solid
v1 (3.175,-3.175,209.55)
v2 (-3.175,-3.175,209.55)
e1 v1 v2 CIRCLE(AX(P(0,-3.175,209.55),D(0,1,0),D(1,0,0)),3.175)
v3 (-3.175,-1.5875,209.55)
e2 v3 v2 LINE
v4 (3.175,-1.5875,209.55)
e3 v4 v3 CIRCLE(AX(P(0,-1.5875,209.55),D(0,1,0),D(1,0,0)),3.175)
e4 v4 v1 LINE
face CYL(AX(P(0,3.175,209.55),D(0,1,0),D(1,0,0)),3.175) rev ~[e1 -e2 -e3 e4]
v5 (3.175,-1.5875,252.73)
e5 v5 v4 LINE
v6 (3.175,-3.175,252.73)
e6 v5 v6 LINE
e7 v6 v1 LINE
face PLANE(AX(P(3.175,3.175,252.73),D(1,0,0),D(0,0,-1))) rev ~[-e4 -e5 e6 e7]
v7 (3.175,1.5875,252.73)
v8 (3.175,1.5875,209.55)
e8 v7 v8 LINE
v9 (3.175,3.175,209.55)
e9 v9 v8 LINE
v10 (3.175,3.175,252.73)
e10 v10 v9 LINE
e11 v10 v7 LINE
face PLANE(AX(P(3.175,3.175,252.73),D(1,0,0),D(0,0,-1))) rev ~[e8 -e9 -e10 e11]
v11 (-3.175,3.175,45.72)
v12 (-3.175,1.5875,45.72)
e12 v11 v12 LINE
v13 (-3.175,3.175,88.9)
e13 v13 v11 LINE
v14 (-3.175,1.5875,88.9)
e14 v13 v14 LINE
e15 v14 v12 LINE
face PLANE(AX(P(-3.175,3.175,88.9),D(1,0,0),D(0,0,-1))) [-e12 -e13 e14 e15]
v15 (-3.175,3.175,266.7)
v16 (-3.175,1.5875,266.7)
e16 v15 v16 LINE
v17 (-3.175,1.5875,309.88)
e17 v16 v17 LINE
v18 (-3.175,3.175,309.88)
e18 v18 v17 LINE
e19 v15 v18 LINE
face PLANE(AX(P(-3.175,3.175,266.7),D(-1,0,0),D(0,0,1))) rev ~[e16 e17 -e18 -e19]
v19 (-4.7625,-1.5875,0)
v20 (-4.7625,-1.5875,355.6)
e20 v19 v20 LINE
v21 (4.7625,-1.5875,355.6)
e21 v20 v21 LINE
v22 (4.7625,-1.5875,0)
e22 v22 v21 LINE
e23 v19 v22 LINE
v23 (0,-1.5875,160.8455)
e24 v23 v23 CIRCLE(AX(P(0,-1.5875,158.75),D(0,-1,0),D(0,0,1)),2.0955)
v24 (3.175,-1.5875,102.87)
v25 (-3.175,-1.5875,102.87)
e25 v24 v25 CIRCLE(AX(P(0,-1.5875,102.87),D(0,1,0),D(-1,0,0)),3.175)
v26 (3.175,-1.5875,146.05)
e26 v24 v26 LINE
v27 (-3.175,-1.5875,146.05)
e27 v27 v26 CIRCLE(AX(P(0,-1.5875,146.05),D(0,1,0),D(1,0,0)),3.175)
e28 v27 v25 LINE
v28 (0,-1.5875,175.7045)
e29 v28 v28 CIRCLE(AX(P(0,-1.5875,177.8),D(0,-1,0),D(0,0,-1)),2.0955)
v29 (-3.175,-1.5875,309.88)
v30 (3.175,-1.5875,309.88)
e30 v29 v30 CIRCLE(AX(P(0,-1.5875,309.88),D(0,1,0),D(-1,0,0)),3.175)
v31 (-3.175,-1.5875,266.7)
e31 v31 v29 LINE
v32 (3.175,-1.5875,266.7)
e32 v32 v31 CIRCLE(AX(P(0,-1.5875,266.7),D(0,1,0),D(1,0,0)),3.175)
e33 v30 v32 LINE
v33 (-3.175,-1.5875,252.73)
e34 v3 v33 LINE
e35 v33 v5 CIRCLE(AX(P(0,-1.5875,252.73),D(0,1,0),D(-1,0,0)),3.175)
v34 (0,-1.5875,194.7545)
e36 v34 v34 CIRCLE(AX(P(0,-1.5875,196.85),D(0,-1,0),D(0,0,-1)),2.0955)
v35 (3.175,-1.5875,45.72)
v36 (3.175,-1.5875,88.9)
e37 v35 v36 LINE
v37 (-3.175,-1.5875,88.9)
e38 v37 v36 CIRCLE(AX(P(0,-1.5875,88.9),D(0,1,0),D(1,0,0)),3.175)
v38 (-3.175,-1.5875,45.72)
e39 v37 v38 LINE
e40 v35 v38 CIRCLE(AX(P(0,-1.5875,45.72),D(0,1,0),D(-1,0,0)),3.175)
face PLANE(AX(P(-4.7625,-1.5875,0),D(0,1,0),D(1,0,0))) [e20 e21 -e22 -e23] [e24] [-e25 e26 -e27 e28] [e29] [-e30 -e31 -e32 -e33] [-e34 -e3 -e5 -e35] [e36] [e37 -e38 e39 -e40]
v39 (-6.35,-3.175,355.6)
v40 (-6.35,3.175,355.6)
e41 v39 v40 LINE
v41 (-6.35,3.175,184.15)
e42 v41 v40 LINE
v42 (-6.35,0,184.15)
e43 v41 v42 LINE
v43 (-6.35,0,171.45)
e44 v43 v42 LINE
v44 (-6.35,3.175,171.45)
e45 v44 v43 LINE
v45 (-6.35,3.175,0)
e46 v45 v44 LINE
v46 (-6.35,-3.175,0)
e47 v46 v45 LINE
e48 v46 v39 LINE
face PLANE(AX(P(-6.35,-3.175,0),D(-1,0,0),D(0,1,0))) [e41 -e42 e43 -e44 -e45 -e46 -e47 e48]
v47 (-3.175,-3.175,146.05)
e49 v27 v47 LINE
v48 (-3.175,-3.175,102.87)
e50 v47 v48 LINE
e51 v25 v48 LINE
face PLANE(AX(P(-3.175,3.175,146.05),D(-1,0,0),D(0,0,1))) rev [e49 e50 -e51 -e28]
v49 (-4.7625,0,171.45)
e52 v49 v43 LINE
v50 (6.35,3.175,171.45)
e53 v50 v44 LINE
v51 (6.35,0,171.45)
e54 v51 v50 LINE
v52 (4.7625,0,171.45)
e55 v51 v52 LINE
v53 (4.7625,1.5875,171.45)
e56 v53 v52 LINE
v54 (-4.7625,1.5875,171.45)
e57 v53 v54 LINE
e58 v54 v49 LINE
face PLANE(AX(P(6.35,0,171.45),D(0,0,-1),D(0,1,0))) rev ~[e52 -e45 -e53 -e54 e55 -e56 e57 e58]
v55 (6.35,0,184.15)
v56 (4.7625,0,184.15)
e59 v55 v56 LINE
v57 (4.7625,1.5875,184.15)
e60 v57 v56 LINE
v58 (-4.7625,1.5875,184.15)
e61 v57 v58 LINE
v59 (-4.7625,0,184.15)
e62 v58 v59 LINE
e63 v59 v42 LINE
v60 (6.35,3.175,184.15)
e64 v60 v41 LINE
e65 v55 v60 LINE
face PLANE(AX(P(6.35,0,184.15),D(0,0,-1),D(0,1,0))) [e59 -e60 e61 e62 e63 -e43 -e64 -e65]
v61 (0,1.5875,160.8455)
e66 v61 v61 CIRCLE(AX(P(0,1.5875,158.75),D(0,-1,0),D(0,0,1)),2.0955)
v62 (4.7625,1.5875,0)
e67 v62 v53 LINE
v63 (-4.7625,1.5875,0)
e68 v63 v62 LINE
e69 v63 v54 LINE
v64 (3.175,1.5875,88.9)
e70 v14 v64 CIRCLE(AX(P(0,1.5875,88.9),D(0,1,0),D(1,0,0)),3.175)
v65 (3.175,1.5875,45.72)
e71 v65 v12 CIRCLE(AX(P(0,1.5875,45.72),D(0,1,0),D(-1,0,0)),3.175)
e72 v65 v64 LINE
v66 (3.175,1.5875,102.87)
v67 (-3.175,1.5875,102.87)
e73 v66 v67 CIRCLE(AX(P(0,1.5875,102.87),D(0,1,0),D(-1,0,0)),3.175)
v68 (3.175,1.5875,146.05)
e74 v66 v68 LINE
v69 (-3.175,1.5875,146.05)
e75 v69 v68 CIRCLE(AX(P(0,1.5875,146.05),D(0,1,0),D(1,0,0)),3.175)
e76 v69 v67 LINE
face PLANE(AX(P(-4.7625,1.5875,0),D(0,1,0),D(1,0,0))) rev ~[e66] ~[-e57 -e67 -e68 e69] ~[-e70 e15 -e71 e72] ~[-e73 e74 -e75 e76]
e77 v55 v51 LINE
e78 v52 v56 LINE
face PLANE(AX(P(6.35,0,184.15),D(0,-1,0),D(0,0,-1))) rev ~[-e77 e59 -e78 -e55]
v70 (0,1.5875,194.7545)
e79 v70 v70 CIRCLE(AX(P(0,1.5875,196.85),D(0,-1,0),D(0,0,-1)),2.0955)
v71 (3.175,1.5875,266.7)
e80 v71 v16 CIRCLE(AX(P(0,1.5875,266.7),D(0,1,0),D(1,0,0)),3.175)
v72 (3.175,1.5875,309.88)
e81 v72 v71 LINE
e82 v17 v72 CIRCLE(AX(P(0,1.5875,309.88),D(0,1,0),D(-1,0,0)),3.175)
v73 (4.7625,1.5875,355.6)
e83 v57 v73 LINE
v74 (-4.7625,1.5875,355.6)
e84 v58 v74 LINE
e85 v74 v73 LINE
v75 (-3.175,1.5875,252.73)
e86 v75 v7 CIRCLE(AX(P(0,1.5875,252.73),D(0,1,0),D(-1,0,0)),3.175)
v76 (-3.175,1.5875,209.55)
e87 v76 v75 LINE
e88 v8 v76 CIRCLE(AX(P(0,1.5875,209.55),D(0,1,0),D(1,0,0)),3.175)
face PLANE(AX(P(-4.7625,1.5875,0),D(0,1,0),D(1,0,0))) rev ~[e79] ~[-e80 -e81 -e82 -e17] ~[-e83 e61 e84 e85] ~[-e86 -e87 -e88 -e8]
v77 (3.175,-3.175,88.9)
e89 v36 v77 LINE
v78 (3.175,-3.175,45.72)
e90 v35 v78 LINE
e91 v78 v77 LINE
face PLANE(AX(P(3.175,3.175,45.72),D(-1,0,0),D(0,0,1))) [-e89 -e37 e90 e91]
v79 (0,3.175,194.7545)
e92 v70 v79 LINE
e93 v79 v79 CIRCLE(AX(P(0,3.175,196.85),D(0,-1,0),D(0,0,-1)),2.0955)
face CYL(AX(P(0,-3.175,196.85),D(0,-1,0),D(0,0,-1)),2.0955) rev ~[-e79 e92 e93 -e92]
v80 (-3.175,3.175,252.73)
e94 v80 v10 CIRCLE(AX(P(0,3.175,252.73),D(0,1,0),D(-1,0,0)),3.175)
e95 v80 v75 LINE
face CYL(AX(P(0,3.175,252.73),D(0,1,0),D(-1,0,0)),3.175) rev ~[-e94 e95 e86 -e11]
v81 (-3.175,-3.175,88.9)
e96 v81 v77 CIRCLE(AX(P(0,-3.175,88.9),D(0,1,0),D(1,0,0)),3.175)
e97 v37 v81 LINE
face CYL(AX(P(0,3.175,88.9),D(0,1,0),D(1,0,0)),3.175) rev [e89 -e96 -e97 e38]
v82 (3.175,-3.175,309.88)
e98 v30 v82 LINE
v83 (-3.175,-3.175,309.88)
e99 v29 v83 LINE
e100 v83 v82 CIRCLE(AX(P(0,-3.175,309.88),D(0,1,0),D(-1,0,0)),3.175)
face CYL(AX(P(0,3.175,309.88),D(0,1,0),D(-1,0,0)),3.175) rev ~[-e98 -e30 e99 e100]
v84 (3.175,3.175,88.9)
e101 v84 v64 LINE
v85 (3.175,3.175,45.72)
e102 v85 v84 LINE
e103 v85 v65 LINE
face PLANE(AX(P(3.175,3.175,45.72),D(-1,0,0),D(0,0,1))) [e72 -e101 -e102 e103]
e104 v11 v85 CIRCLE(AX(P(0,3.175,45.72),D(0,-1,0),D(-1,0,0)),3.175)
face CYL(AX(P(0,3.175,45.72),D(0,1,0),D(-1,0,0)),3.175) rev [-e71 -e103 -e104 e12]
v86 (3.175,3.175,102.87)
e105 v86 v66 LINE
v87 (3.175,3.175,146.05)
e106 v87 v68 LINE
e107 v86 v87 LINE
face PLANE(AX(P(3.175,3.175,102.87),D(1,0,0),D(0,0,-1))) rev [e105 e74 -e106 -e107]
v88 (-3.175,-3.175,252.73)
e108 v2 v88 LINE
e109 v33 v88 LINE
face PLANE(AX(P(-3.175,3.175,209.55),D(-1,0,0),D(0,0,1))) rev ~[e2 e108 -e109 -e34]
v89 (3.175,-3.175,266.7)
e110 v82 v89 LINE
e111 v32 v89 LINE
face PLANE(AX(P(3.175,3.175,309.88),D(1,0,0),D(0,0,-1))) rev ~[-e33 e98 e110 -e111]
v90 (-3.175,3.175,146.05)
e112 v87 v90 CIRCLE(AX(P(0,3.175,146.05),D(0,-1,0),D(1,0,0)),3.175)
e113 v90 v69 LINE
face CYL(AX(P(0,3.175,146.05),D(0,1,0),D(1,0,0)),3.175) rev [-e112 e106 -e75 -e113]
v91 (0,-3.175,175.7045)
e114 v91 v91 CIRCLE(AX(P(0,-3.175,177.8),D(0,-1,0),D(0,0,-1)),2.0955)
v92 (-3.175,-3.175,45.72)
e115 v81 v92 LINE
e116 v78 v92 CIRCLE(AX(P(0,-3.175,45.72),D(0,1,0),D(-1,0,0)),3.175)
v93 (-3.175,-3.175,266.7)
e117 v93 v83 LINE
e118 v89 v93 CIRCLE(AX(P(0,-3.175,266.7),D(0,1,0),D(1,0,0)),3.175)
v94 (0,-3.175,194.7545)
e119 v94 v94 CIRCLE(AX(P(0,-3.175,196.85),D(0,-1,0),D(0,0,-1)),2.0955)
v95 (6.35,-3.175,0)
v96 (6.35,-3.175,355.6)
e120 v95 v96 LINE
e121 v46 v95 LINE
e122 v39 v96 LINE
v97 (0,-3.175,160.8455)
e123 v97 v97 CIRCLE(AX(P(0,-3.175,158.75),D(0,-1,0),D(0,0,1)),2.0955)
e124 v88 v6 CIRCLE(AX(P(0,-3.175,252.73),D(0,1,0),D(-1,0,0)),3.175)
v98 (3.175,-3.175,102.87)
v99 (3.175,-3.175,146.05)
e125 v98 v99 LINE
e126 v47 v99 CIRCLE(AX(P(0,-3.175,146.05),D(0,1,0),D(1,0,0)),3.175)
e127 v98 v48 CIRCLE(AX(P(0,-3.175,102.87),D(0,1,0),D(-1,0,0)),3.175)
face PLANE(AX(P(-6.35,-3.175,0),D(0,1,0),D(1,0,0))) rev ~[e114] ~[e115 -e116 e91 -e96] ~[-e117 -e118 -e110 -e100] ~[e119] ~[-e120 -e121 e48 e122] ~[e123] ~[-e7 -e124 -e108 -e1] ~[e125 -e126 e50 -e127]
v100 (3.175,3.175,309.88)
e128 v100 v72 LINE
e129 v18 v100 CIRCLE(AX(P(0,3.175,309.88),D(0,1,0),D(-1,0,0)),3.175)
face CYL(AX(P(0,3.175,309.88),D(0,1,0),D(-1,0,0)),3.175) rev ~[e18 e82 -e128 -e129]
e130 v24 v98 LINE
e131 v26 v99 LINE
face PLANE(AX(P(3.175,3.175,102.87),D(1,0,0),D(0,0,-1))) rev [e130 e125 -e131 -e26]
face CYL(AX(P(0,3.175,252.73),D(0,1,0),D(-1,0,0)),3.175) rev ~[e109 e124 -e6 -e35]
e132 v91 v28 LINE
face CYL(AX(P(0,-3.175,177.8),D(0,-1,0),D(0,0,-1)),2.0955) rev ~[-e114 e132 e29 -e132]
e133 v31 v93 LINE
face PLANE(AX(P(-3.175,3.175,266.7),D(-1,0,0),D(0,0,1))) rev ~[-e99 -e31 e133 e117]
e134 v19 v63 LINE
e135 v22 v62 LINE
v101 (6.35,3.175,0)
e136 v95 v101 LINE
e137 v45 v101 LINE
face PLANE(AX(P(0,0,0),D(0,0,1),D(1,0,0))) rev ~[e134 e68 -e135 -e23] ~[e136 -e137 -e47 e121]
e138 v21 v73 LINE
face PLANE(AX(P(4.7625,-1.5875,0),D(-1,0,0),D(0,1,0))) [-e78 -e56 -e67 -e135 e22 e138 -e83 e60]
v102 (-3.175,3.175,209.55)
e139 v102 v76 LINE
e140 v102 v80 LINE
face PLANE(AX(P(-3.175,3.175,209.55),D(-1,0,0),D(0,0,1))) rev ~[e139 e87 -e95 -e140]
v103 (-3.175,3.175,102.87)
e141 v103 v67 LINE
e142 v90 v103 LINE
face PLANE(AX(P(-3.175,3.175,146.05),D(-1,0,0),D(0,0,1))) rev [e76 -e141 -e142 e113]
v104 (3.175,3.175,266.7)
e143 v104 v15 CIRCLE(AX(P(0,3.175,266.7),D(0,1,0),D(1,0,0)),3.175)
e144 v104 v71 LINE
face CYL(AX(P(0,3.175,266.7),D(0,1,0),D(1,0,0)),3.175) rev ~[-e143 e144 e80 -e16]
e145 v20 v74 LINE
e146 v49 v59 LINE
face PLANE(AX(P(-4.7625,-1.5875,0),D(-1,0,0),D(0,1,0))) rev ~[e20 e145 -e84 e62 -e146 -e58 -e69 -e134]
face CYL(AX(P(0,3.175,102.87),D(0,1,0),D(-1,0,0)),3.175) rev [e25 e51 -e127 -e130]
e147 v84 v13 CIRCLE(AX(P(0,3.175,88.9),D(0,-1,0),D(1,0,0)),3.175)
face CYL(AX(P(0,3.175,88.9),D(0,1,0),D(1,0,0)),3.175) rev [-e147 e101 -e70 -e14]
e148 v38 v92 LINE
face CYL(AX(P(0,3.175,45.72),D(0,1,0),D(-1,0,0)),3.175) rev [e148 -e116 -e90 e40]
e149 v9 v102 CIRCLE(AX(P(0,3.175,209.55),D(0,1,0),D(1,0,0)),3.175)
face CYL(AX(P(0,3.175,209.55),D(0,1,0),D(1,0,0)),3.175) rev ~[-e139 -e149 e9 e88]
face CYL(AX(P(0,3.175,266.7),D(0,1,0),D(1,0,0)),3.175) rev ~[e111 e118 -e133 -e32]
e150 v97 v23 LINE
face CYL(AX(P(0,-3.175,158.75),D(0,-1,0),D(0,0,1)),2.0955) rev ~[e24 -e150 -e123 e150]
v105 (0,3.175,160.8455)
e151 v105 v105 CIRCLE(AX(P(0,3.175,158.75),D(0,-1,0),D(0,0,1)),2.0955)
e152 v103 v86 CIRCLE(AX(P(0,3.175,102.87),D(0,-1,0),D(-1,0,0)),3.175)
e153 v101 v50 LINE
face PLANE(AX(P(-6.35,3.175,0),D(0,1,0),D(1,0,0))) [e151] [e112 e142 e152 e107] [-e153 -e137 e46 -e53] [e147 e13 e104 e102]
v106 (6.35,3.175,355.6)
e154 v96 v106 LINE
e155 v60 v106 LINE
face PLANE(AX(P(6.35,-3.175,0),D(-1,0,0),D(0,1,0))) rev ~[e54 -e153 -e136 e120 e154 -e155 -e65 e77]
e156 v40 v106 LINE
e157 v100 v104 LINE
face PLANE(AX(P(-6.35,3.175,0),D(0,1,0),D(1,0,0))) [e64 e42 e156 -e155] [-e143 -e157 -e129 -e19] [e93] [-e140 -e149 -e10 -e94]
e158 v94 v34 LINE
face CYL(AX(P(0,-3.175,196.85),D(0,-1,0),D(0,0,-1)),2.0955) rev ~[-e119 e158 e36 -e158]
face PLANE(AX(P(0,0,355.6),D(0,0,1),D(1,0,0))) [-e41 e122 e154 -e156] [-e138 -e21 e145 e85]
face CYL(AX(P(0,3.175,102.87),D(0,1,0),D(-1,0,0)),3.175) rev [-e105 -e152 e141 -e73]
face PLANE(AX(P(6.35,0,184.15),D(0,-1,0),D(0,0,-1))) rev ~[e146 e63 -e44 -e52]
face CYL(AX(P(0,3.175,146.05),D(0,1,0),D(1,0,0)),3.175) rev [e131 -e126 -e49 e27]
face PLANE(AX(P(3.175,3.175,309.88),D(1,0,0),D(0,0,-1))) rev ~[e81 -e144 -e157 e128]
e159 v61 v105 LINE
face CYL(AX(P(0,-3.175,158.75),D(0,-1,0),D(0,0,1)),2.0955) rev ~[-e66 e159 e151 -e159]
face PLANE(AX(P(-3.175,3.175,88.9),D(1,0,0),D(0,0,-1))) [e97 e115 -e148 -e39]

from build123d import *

# Parameters (mm, degrees)
SKETCH1_W            = 12.7
SKETCH1_H            = 6.35
SKETCH1_W_2          = 9.525
SKETCH1_H_2          = 3.175
BOSS_EXTRUDE1_DEPTH  = 355.6
CUT_EXTRUDE1_DEPTH   = 25.4
LPATTERN1_COUNT      = 2
LPATTERN1_PITCH      = 57.15
MIRROR1_COPY_1_DEPTH = 25.4
SKETCH3_W            = 12.7
SKETCH3_H            = 3.175
CUT_EXTRUDE2_DEPTH   = 25.4
SKETCH4_R            = 2.0955
CUT_EXTRUDE3_DEPTH   = 25.4


with BuildPart() as part:
    # Sketch1 → Boss-Extrude1 (new body)
    with BuildSketch(Plane.XY):
        Rectangle(SKETCH1_W, SKETCH1_H)
        Rectangle(SKETCH1_W_2, SKETCH1_H_2, mode=Mode.SUBTRACT)
    extrude(amount=BOSS_EXTRUDE1_DEPTH)

    # Sketch2 → Cut-Extrude1 (cut)
    with BuildSketch(Plane(origin=(0, 3.175, 0), x_dir=(1, 0, 0), z_dir=(0, 1, 0))):
        with BuildLine():
            Line((-3.175, -209.55), (-3.175, -252.73))
            ThreePointArc((-3.175, -252.73), (0, -255.905), (3.175, -252.73))
            Line((3.175, -252.73), (3.175, -209.55))
            ThreePointArc((3.175, -209.55), (0, -206.375), (-3.175, -209.55))
        make_face()
    cut_extrude1 = extrude(amount=-CUT_EXTRUDE1_DEPTH, mode=Mode.SUBTRACT)

    # LPattern1: Cut-Extrude1 ×2
    with Locations(*[(0, 0, i * LPATTERN1_PITCH) for i in range(1, LPATTERN1_COUNT)]):
        add(cut_extrude1, mode=Mode.SUBTRACT)

    # Mirror1: Cut-Extrude1 across plane
    add(cut_extrude1.mirror(Plane.XY.offset(177.8)), mode=Mode.SUBTRACT)

    # Mirror1 copy 1 sketch → Mirror1 copy 1 (cut)
    with BuildSketch(Plane(origin=(0, 3.175, 298.45), x_dir=(1, 0, 0), z_dir=(0, 1, 0))):
        with BuildLine():
            Line((-3.175, 209.55), (-3.175, 252.73))
            ThreePointArc((-3.175, 252.73), (0, 255.905), (3.175, 252.73))
            Line((3.175, 252.73), (3.175, 209.55))
            ThreePointArc((3.175, 209.55), (0, 206.375), (-3.175, 209.55))
        make_face()
    extrude(amount=-MIRROR1_COPY_1_DEPTH, mode=Mode.SUBTRACT)

    # Sketch3 → Cut-Extrude2 (cut)
    with BuildSketch(Plane(origin=(6.35, 0, 0), x_dir=(0, 0, -1), z_dir=(1, 0, 0))):
        with Locations((-177.8, 1.5875)):
            Rectangle(SKETCH3_W, SKETCH3_H)
    extrude(amount=-CUT_EXTRUDE2_DEPTH, mode=Mode.SUBTRACT)

    # Sketch4 → Cut-Extrude3 (cut)
    with BuildSketch(Plane(origin=(0, -3.175, 0), x_dir=(-1, 0, 0), z_dir=(0, -1, 0))):
        with Locations(Location((0, -177.8, 0), (0, 0, 90))):
            Circle(SKETCH4_R)
        with Locations(Location((0, -196.85, 0), (0, 0, 90))):
            Circle(SKETCH4_R)
        with Locations(Location((0, -158.75, 0), (0, 0, 270))):
            Circle(SKETCH4_R)
    extrude(amount=-CUT_EXTRUDE3_DEPTH, mode=Mode.SUBTRACT)


solid = part.part
